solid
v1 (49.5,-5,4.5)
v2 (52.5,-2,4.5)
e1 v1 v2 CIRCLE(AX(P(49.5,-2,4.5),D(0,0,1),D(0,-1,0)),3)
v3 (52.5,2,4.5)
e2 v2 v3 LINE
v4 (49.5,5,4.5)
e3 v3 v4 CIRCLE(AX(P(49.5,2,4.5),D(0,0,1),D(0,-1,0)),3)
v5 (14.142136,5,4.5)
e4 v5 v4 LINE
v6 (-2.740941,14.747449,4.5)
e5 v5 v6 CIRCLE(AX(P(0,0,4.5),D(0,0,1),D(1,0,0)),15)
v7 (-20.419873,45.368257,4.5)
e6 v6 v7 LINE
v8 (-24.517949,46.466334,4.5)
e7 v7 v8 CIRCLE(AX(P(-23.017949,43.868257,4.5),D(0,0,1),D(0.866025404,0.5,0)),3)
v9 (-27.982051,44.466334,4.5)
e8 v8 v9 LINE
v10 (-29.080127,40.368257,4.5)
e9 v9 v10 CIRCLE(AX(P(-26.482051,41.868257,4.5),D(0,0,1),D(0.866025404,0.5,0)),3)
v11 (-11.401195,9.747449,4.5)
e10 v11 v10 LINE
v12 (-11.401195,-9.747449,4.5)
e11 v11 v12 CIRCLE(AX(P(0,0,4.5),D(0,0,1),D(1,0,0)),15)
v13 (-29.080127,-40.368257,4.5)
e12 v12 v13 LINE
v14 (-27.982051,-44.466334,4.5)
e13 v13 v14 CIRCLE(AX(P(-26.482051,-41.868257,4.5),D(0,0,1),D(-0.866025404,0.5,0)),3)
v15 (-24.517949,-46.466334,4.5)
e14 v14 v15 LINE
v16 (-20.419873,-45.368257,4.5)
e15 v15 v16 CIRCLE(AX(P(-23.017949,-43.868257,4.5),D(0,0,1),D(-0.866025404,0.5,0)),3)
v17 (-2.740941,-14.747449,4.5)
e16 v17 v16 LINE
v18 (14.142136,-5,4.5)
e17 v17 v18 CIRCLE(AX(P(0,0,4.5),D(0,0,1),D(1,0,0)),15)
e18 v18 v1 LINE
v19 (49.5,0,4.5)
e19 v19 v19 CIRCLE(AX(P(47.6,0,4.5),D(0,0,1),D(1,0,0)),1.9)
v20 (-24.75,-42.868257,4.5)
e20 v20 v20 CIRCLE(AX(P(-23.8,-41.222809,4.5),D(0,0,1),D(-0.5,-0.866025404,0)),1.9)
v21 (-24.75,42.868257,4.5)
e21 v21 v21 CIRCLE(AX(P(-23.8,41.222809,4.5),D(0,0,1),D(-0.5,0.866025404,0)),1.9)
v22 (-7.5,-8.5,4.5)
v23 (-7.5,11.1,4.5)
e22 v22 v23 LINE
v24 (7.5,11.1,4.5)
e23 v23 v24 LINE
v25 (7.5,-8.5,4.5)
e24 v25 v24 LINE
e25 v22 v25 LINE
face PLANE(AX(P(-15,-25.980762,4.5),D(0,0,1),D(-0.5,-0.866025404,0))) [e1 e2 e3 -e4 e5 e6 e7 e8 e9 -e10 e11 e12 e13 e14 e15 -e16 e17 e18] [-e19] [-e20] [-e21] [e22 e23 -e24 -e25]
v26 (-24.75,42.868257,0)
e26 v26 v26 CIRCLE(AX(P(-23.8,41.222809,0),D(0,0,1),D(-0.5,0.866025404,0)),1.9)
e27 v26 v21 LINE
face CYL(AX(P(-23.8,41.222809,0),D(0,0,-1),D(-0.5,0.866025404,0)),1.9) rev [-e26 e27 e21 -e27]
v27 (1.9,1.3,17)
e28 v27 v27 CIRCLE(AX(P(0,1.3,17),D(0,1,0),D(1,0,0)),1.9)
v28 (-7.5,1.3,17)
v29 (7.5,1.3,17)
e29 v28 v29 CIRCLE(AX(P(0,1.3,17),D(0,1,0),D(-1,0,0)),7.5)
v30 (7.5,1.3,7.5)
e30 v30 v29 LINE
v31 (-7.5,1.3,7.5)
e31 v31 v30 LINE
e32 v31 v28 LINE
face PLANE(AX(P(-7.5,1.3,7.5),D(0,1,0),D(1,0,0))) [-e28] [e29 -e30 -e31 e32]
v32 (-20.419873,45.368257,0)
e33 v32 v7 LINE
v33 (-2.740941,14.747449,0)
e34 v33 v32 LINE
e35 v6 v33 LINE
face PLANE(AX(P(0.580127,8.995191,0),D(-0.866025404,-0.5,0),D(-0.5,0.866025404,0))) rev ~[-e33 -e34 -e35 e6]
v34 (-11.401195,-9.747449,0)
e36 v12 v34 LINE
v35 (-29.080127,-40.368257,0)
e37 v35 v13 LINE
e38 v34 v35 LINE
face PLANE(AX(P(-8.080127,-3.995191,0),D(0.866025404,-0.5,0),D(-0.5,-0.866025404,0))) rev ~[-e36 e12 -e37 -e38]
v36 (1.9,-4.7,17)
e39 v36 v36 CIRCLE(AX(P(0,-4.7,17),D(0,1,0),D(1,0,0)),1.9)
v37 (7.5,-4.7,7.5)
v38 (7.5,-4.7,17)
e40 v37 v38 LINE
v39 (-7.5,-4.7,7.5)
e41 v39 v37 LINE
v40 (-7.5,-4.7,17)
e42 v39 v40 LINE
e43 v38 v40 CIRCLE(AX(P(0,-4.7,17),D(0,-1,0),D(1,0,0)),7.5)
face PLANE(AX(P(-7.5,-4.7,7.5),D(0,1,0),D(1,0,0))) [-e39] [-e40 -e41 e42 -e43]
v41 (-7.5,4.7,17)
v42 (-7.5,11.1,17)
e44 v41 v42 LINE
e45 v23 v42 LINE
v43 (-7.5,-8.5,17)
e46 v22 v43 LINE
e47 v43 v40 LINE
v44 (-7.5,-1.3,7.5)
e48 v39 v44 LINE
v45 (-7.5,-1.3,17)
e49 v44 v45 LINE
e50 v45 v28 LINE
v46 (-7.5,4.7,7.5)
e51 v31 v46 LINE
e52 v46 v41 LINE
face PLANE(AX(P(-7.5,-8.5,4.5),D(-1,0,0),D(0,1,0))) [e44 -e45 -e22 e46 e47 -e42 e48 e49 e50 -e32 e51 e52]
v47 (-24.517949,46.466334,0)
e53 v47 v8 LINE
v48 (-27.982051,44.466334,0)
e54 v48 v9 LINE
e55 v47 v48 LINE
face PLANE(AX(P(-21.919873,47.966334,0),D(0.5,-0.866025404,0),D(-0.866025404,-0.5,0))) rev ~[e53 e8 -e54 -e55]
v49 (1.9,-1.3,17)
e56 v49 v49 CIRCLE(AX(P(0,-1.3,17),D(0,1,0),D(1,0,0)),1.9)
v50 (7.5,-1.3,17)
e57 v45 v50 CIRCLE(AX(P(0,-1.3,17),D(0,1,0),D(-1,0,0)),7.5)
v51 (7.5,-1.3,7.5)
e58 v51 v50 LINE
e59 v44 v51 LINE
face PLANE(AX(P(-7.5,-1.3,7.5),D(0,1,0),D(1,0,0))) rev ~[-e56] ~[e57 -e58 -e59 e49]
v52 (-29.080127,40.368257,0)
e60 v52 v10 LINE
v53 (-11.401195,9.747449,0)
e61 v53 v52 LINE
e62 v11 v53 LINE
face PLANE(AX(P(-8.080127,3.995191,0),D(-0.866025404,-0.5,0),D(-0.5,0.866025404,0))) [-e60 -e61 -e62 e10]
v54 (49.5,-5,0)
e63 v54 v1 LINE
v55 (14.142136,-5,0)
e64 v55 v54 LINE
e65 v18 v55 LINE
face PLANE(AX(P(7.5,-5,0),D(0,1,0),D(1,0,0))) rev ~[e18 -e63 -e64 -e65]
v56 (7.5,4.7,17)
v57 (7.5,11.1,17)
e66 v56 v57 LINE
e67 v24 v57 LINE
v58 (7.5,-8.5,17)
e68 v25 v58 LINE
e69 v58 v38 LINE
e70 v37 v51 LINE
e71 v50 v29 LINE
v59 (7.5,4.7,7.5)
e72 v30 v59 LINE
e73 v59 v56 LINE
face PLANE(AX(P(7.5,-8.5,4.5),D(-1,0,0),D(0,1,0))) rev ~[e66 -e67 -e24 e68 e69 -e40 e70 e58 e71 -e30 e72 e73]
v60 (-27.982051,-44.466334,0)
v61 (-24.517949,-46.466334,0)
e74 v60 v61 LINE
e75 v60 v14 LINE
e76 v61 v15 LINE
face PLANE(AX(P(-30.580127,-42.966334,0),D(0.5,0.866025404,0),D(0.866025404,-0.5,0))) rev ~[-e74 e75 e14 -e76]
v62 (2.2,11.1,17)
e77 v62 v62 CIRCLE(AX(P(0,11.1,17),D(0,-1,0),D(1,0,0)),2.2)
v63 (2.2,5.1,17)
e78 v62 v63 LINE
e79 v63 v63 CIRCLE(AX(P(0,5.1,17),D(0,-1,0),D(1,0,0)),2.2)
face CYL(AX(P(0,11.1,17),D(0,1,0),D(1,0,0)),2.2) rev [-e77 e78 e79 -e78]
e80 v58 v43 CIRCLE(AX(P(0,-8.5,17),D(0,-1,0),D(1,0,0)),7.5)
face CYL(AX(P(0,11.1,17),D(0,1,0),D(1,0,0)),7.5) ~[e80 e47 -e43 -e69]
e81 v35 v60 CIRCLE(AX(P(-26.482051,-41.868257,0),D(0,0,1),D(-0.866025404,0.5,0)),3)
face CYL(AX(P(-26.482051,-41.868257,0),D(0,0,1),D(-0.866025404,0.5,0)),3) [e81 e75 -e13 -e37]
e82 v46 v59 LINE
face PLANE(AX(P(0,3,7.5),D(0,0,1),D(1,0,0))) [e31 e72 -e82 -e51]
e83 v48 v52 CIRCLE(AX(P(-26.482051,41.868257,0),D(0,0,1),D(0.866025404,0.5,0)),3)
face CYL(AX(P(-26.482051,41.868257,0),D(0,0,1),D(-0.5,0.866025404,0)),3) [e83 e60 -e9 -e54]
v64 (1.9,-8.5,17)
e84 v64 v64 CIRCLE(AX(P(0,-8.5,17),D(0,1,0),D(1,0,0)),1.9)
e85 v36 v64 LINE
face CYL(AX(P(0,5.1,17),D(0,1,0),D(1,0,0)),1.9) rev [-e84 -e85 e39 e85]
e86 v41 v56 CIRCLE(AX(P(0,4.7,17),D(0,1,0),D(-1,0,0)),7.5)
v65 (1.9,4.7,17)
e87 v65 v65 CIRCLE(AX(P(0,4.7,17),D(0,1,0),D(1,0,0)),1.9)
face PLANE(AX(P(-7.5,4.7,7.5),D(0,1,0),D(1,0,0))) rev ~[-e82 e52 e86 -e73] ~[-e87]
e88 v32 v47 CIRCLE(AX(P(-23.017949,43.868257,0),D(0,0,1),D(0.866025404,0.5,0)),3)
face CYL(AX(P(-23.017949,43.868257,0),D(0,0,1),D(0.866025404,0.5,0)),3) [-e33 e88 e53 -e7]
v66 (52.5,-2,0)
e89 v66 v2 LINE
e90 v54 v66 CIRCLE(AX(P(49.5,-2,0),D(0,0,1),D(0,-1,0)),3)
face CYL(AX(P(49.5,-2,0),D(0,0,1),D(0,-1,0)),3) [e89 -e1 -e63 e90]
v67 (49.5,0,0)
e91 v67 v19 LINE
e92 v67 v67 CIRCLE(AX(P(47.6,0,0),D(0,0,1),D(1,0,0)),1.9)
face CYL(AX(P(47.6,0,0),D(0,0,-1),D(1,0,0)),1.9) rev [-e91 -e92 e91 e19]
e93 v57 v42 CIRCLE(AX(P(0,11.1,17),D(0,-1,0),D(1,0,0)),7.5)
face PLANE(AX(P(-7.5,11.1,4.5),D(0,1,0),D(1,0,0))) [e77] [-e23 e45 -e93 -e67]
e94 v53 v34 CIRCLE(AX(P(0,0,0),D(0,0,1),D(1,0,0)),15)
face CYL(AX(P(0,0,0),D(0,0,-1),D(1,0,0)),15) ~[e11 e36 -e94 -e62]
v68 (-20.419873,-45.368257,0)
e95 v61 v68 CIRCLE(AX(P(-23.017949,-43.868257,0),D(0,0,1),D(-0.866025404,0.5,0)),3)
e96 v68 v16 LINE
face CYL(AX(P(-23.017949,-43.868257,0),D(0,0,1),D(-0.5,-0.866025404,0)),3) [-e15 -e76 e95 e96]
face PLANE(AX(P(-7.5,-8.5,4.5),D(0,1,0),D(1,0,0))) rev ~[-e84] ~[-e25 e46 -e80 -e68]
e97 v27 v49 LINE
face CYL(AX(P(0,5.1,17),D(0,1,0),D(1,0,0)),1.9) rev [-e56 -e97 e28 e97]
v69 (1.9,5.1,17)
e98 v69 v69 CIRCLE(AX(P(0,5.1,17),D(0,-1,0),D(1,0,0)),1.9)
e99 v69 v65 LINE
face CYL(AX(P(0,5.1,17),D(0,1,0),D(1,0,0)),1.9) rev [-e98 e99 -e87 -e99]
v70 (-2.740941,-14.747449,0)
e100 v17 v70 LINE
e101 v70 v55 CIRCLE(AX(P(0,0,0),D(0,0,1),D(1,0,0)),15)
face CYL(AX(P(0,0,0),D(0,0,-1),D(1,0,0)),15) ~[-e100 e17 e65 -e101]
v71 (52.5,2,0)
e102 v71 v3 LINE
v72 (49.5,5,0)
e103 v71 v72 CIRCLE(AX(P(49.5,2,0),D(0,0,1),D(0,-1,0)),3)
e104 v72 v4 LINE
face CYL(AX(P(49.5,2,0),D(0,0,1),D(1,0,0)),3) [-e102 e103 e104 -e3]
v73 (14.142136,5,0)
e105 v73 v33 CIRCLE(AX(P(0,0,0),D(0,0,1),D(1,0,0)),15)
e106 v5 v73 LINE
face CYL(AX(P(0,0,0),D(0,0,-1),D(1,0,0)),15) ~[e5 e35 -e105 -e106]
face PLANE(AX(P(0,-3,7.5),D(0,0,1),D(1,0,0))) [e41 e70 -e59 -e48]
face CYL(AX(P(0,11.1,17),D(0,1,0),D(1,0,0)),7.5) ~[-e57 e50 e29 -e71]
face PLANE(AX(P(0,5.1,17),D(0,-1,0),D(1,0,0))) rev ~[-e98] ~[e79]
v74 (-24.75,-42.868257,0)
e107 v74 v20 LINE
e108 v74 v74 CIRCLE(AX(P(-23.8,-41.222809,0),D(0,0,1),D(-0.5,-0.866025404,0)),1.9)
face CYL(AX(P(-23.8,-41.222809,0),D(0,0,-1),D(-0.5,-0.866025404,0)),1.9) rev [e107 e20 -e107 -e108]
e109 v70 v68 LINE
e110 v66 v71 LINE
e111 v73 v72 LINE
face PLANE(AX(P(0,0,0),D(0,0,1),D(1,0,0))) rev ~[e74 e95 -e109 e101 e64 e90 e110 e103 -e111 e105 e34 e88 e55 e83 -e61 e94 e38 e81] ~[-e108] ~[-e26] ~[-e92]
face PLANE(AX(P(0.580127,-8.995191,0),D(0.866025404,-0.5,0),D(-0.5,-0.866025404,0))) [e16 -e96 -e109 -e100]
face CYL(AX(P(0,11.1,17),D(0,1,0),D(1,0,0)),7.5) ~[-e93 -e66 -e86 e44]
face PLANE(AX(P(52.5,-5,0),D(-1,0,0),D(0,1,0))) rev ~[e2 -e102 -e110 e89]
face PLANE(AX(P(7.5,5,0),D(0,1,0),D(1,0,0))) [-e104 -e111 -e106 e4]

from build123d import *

# Parameters (mm, degrees)
CYLINDER009_R             = 1.9
CYLINDER009_DEPTH         = 4.5
BOX010_W                  = 45
BOX010_H                  = 10
BOX010_DEPTH              = 4.5
FILLET_R                  = 3
ARRAY002_COUNT            = 3
BOX003_W                  = 15
BOX003_H                  = 3.4
BOX003_DEPTH              = 17
ARRAY_Y_COUNT             = 2
ARRAY_Y_PITCH             = 6
CYLINDER002_R             = 2.2
CYLINDER002_DEPTH         = 6
CYLINDER001_R             = 1.9
CYLINDER001_DEPTH         = 15
FUSION001_PLACEMENT_ANGLE = 90
CYLINDER_R                = 7.5
CYLINDER_DEPTH            = 19.6
BOX002_W                  = 15
BOX002_H                  = 19.6
BOX002_DEPTH              = 12.5
CYLINDER007_R             = 15
CYLINDER007_DEPTH         = 4.5


with BuildPart() as bolt_hole002:
    # Cylinder009 → Cylinder009 (new body)
    with BuildSketch(Plane(origin=(47.6, 0, 0), x_dir=(1, 0, 0), z_dir=(0, 0, 1))):
        Circle(CYLINDER009_R)
    extrude(amount=CYLINDER009_DEPTH)


with BuildPart() as stand_stick_array:
    # Box010 → Box010 (new body)
    with BuildSketch(Plane(origin=(7.5, -5, 0), x_dir=(1, 0, 0), z_dir=(0, 0, 1))):
        with Locations((22.5, 5)):
            Rectangle(BOX010_W, BOX010_H)
    extrude(amount=BOX010_DEPTH)

    # Fillet
    fillet_edges = [stand_stick_array.edges().sort_by_distance(p)[0] for p in [
        (52.5, -5, 2.25),
        (52.5, 5, 2.25),
    ]]
    fillet(fillet_edges, radius=FILLET_R)

    # Cut006: cut bolt hole002
    add(bolt_hole002.part, mode=Mode.SUBTRACT)

    # Array002: stand stick array ×3 about axis
    array002_axis = Axis((0, 0, 0), (0, 0, 1))


with BuildPart() as stand_stick_array_1:
    add(stand_stick_array.part)
    for i in range(1, ARRAY002_COUNT):
        add(stand_stick_array.part.rotate(array002_axis, i * 360 / ARRAY002_COUNT))


with BuildPart() as side_3_extract_cube_array:
    # Box003 → Box003 (new body)
    with BuildSketch(Plane(origin=(-7.5, -7.7, 3), x_dir=(1, 0, 0), z_dir=(0, 0, 1))):
        with Locations((7.5, 1.7)):
            Rectangle(BOX003_W, BOX003_H)
    extrude(amount=BOX003_DEPTH)

    # Array Y: side 3 extract cube array ×2


with BuildPart() as side_3_extract_cube_array_1:
    add(side_3_extract_cube_array.part)
    with Locations(*[(0, i * ARRAY_Y_PITCH, 0) for i in range(1, ARRAY_Y_COUNT)]):
        add(side_3_extract_cube_array.part)


with BuildPart() as side_3_extract_cube_array_2:
    # Array placement: moved
    add(side_3_extract_cube_array_1.part.moved(Location((0, 3, 0))))


with BuildPart() as insert_hole:
    # Cylinder002 → Cylinder002 (new body)
    with BuildSketch(Plane.XY):
        Circle(CYLINDER002_R)
    extrude(amount=CYLINDER002_DEPTH)


with BuildPart() as side_3_extract_fusion:
    # Cylinder001 → Cylinder001 (new body)
    with BuildSketch(Plane.XY.offset(6)):
        Circle(CYLINDER001_R)
    extrude(amount=CYLINDER001_DEPTH)

    # Fusion001: union insert hole
    add(insert_hole.part)


with BuildPart() as side_3_extract_fusion_1:
    # Fusion001 placement: moved
    add(side_3_extract_fusion.part.moved(Location((0, 11.1, 12.5))).rotate(Axis((0, 11.1, 12.5), (1, 0, 0)), FUSION001_PLACEMENT_ANGLE))

    # Fusion002: union side 3 extract cube array
    add(side_3_extract_cube_array_2.part)


with BuildPart() as outer_cylinder:
    # Cylinder → Cylinder (new body)
    with BuildSketch(Plane(origin=(0, 11.1, 12.5), x_dir=(1, 0, 0), z_dir=(0, -1, 0))):
        Circle(CYLINDER_R)
    extrude(amount=CYLINDER_DEPTH)


with BuildPart() as side_3_cut_clone002:
    # Box002 → Box002 (new body)
    with BuildSketch(Plane(origin=(-7.5, -8.5, 0), x_dir=(1, 0, 0), z_dir=(0, 0, 1))):
        with Locations((7.5, 9.8)):
            Rectangle(BOX002_W, BOX002_H)
    extrude(amount=BOX002_DEPTH)

    # Fusion: union outer cylinder
    add(outer_cylinder.part)

    # Cut: cut side 3 extract fusion
    add(side_3_extract_fusion_1.part, mode=Mode.SUBTRACT)


with BuildPart() as side_3_cut_clone002_1:
    # Body005 placement: moved
    add(side_3_cut_clone002.part.moved(Location((0, 0, 4.5))))


with BuildPart() as stand_fusion:
    # Cylinder007 → Cylinder007 (new body)
    with BuildSketch(Plane.XY):
        Circle(CYLINDER007_R)
    extrude(amount=CYLINDER007_DEPTH)

    # Fusion007: union stand stick array, side 3 cut clone002
    add(stand_stick_array_1.part)
    add(side_3_cut_clone002_1.part)


solid = stand_fusion.part
